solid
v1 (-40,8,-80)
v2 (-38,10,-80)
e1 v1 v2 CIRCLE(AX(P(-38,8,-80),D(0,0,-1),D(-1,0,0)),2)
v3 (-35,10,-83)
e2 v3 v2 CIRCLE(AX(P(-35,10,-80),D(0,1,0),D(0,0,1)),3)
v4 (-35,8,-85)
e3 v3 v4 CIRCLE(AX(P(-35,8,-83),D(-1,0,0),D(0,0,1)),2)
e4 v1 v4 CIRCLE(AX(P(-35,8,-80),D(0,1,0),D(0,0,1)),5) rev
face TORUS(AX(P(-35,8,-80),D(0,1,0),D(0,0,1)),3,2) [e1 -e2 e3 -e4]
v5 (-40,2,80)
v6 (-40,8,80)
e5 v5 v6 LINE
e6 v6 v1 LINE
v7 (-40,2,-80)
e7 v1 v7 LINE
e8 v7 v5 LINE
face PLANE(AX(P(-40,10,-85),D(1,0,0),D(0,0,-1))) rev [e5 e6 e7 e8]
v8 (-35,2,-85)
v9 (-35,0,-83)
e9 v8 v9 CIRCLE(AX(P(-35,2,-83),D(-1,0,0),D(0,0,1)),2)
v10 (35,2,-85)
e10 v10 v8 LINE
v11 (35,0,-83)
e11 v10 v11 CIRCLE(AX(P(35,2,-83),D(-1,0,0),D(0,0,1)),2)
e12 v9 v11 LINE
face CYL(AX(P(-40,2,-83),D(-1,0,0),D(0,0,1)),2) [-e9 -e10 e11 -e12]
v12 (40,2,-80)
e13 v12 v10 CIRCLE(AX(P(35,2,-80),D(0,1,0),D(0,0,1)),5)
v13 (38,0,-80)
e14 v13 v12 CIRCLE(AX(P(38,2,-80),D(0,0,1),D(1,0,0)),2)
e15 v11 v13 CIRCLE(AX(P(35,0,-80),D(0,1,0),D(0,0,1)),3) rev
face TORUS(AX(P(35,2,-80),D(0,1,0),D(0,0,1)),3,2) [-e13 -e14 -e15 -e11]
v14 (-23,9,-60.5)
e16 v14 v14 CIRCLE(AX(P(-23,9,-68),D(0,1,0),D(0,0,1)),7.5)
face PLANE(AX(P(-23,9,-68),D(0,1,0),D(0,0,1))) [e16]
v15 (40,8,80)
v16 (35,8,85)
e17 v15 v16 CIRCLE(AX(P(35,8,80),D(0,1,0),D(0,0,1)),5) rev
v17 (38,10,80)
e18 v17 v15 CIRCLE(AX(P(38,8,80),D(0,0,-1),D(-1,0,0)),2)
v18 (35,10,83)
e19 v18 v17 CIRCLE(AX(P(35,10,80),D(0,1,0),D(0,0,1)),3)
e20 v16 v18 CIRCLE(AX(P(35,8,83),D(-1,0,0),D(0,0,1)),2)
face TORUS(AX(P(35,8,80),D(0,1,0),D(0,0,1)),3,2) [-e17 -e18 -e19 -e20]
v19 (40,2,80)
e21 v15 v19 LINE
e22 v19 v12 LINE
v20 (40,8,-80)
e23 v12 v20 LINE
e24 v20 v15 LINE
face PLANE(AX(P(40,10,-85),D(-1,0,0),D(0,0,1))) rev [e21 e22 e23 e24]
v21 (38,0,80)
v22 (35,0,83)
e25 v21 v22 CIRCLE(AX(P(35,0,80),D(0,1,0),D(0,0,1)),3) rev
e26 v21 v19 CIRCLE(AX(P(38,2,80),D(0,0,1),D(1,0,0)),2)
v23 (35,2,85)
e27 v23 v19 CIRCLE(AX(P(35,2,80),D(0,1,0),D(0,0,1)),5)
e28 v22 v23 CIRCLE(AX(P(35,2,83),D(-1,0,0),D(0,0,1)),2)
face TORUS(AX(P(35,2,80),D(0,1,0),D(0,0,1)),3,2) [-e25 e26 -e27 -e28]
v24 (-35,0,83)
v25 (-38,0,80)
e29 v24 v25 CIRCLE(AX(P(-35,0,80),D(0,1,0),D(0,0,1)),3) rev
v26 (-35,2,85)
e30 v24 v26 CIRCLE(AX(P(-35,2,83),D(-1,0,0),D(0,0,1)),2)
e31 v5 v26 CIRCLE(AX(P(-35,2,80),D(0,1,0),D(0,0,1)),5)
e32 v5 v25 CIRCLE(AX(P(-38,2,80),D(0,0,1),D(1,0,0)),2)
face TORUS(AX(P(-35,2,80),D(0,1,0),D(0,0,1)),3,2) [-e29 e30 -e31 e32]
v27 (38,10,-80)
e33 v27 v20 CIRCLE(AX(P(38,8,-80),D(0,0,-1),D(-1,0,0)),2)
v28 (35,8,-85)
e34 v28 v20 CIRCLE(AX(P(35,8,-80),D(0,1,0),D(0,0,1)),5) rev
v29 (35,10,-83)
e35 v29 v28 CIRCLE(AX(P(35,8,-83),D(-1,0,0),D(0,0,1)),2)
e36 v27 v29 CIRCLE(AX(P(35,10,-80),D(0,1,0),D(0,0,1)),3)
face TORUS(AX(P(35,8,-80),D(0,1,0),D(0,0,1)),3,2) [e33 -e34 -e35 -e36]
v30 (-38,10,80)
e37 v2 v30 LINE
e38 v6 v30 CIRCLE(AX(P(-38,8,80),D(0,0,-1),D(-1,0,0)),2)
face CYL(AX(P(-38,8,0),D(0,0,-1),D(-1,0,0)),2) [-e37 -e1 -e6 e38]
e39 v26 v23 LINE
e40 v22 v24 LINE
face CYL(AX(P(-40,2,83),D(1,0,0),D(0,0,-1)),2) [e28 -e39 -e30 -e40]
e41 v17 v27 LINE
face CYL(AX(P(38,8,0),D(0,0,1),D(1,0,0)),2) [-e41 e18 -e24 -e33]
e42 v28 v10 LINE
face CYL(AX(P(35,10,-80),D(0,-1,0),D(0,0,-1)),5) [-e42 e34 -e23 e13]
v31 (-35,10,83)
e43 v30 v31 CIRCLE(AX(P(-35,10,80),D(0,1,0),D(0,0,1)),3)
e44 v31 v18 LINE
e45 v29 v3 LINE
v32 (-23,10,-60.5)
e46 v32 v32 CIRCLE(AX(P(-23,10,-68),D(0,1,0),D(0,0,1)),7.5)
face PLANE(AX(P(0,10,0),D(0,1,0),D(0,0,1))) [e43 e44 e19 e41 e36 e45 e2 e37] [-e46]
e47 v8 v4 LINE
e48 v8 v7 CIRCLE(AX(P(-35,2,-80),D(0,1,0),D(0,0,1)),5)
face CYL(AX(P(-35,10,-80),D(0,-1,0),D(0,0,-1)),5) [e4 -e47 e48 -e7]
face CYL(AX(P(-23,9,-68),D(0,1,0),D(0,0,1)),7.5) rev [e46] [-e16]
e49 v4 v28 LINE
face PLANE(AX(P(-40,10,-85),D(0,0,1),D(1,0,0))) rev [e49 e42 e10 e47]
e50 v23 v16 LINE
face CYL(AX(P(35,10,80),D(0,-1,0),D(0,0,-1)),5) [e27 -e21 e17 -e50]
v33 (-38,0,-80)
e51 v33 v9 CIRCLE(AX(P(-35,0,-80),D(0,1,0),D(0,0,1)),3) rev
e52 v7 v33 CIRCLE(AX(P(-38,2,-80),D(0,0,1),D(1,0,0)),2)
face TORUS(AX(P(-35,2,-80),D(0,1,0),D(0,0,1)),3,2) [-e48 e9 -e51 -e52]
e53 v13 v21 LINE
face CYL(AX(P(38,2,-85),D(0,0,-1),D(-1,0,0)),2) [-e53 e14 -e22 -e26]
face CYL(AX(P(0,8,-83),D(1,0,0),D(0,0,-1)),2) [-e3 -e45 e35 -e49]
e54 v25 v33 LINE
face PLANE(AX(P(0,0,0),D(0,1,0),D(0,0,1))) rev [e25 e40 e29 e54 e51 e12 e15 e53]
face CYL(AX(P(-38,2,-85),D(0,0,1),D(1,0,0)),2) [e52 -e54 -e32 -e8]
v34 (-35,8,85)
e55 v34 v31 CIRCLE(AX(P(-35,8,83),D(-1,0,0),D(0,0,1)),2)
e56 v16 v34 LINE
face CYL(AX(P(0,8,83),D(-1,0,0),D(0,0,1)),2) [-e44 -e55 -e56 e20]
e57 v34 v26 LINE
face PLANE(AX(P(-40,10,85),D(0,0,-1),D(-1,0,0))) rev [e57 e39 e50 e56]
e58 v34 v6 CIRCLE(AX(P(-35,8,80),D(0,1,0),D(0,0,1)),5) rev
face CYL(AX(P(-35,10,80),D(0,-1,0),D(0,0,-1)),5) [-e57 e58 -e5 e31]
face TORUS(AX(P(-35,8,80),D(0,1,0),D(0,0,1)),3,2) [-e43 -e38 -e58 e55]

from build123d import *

# Parameters (mm, degrees)
SKETCH1_W           = 80
SKETCH1_H           = 170
BOSS_EXTRUDE1_DEPTH = 10
FILLET4_R           = 5
FILLET5_R           = 2
SKETCH3_R           = 7.5
CUT_EXTRUDE1_DEPTH  = 1


with BuildPart() as part:
    # Sketch1 → Boss-Extrude1 (new body)
    with BuildSketch(Plane(origin=(0, 0, 0), x_dir=(1, 0, 0), z_dir=(0, 1, 0))):
        Rectangle(SKETCH1_W, SKETCH1_H)
    extrude(amount=BOSS_EXTRUDE1_DEPTH)

    # Fillet4
    fillet4_edges = [part.edges().sort_by_distance(p)[0] for p in [
        (40, 5, 85),
        (-40, 5, 85),
        (-40, 5, -85),
        (40, 5, -85),
    ]]
    fillet(fillet4_edges, radius=FILLET4_R)

    # Fillet5
    fillet5_edges = [part.edges().sort_by_distance(p)[0] for p in [
        (0, 0, -85),
        (0, 10, -85),
        (40, 0, 0),
        (0, 0, 85),
        (-40, 0, 0),
        (38.535533906, 0, 83.535533906),
        (-38.535533906, 0, 83.535533906),
        (-38.535533906, 0, -83.535533906),
        (38.535533906, 0, -83.535533906),
        (40, 10, 0),
        (-40, 10, 0),
        (0, 10, 85),
        (38.535533906, 10, 83.535533906),
        (-38.535533906, 10, 83.535533906),
        (-38.535533906, 10, -83.535533906),
        (38.535533906, 10, -83.535533906),
    ]]
    fillet(fillet5_edges, radius=FILLET5_R)

    # Sketch3 → Cut-Extrude1 (cut)
    with BuildSketch(Plane(origin=(0, 10, 0), x_dir=(1, 0, 0), z_dir=(0, 1, 0))):
        with Locations((-23, 68)):
            Circle(SKETCH3_R)
    extrude(amount=-CUT_EXTRUDE1_DEPTH, mode=Mode.SUBTRACT)


solid = part.part
